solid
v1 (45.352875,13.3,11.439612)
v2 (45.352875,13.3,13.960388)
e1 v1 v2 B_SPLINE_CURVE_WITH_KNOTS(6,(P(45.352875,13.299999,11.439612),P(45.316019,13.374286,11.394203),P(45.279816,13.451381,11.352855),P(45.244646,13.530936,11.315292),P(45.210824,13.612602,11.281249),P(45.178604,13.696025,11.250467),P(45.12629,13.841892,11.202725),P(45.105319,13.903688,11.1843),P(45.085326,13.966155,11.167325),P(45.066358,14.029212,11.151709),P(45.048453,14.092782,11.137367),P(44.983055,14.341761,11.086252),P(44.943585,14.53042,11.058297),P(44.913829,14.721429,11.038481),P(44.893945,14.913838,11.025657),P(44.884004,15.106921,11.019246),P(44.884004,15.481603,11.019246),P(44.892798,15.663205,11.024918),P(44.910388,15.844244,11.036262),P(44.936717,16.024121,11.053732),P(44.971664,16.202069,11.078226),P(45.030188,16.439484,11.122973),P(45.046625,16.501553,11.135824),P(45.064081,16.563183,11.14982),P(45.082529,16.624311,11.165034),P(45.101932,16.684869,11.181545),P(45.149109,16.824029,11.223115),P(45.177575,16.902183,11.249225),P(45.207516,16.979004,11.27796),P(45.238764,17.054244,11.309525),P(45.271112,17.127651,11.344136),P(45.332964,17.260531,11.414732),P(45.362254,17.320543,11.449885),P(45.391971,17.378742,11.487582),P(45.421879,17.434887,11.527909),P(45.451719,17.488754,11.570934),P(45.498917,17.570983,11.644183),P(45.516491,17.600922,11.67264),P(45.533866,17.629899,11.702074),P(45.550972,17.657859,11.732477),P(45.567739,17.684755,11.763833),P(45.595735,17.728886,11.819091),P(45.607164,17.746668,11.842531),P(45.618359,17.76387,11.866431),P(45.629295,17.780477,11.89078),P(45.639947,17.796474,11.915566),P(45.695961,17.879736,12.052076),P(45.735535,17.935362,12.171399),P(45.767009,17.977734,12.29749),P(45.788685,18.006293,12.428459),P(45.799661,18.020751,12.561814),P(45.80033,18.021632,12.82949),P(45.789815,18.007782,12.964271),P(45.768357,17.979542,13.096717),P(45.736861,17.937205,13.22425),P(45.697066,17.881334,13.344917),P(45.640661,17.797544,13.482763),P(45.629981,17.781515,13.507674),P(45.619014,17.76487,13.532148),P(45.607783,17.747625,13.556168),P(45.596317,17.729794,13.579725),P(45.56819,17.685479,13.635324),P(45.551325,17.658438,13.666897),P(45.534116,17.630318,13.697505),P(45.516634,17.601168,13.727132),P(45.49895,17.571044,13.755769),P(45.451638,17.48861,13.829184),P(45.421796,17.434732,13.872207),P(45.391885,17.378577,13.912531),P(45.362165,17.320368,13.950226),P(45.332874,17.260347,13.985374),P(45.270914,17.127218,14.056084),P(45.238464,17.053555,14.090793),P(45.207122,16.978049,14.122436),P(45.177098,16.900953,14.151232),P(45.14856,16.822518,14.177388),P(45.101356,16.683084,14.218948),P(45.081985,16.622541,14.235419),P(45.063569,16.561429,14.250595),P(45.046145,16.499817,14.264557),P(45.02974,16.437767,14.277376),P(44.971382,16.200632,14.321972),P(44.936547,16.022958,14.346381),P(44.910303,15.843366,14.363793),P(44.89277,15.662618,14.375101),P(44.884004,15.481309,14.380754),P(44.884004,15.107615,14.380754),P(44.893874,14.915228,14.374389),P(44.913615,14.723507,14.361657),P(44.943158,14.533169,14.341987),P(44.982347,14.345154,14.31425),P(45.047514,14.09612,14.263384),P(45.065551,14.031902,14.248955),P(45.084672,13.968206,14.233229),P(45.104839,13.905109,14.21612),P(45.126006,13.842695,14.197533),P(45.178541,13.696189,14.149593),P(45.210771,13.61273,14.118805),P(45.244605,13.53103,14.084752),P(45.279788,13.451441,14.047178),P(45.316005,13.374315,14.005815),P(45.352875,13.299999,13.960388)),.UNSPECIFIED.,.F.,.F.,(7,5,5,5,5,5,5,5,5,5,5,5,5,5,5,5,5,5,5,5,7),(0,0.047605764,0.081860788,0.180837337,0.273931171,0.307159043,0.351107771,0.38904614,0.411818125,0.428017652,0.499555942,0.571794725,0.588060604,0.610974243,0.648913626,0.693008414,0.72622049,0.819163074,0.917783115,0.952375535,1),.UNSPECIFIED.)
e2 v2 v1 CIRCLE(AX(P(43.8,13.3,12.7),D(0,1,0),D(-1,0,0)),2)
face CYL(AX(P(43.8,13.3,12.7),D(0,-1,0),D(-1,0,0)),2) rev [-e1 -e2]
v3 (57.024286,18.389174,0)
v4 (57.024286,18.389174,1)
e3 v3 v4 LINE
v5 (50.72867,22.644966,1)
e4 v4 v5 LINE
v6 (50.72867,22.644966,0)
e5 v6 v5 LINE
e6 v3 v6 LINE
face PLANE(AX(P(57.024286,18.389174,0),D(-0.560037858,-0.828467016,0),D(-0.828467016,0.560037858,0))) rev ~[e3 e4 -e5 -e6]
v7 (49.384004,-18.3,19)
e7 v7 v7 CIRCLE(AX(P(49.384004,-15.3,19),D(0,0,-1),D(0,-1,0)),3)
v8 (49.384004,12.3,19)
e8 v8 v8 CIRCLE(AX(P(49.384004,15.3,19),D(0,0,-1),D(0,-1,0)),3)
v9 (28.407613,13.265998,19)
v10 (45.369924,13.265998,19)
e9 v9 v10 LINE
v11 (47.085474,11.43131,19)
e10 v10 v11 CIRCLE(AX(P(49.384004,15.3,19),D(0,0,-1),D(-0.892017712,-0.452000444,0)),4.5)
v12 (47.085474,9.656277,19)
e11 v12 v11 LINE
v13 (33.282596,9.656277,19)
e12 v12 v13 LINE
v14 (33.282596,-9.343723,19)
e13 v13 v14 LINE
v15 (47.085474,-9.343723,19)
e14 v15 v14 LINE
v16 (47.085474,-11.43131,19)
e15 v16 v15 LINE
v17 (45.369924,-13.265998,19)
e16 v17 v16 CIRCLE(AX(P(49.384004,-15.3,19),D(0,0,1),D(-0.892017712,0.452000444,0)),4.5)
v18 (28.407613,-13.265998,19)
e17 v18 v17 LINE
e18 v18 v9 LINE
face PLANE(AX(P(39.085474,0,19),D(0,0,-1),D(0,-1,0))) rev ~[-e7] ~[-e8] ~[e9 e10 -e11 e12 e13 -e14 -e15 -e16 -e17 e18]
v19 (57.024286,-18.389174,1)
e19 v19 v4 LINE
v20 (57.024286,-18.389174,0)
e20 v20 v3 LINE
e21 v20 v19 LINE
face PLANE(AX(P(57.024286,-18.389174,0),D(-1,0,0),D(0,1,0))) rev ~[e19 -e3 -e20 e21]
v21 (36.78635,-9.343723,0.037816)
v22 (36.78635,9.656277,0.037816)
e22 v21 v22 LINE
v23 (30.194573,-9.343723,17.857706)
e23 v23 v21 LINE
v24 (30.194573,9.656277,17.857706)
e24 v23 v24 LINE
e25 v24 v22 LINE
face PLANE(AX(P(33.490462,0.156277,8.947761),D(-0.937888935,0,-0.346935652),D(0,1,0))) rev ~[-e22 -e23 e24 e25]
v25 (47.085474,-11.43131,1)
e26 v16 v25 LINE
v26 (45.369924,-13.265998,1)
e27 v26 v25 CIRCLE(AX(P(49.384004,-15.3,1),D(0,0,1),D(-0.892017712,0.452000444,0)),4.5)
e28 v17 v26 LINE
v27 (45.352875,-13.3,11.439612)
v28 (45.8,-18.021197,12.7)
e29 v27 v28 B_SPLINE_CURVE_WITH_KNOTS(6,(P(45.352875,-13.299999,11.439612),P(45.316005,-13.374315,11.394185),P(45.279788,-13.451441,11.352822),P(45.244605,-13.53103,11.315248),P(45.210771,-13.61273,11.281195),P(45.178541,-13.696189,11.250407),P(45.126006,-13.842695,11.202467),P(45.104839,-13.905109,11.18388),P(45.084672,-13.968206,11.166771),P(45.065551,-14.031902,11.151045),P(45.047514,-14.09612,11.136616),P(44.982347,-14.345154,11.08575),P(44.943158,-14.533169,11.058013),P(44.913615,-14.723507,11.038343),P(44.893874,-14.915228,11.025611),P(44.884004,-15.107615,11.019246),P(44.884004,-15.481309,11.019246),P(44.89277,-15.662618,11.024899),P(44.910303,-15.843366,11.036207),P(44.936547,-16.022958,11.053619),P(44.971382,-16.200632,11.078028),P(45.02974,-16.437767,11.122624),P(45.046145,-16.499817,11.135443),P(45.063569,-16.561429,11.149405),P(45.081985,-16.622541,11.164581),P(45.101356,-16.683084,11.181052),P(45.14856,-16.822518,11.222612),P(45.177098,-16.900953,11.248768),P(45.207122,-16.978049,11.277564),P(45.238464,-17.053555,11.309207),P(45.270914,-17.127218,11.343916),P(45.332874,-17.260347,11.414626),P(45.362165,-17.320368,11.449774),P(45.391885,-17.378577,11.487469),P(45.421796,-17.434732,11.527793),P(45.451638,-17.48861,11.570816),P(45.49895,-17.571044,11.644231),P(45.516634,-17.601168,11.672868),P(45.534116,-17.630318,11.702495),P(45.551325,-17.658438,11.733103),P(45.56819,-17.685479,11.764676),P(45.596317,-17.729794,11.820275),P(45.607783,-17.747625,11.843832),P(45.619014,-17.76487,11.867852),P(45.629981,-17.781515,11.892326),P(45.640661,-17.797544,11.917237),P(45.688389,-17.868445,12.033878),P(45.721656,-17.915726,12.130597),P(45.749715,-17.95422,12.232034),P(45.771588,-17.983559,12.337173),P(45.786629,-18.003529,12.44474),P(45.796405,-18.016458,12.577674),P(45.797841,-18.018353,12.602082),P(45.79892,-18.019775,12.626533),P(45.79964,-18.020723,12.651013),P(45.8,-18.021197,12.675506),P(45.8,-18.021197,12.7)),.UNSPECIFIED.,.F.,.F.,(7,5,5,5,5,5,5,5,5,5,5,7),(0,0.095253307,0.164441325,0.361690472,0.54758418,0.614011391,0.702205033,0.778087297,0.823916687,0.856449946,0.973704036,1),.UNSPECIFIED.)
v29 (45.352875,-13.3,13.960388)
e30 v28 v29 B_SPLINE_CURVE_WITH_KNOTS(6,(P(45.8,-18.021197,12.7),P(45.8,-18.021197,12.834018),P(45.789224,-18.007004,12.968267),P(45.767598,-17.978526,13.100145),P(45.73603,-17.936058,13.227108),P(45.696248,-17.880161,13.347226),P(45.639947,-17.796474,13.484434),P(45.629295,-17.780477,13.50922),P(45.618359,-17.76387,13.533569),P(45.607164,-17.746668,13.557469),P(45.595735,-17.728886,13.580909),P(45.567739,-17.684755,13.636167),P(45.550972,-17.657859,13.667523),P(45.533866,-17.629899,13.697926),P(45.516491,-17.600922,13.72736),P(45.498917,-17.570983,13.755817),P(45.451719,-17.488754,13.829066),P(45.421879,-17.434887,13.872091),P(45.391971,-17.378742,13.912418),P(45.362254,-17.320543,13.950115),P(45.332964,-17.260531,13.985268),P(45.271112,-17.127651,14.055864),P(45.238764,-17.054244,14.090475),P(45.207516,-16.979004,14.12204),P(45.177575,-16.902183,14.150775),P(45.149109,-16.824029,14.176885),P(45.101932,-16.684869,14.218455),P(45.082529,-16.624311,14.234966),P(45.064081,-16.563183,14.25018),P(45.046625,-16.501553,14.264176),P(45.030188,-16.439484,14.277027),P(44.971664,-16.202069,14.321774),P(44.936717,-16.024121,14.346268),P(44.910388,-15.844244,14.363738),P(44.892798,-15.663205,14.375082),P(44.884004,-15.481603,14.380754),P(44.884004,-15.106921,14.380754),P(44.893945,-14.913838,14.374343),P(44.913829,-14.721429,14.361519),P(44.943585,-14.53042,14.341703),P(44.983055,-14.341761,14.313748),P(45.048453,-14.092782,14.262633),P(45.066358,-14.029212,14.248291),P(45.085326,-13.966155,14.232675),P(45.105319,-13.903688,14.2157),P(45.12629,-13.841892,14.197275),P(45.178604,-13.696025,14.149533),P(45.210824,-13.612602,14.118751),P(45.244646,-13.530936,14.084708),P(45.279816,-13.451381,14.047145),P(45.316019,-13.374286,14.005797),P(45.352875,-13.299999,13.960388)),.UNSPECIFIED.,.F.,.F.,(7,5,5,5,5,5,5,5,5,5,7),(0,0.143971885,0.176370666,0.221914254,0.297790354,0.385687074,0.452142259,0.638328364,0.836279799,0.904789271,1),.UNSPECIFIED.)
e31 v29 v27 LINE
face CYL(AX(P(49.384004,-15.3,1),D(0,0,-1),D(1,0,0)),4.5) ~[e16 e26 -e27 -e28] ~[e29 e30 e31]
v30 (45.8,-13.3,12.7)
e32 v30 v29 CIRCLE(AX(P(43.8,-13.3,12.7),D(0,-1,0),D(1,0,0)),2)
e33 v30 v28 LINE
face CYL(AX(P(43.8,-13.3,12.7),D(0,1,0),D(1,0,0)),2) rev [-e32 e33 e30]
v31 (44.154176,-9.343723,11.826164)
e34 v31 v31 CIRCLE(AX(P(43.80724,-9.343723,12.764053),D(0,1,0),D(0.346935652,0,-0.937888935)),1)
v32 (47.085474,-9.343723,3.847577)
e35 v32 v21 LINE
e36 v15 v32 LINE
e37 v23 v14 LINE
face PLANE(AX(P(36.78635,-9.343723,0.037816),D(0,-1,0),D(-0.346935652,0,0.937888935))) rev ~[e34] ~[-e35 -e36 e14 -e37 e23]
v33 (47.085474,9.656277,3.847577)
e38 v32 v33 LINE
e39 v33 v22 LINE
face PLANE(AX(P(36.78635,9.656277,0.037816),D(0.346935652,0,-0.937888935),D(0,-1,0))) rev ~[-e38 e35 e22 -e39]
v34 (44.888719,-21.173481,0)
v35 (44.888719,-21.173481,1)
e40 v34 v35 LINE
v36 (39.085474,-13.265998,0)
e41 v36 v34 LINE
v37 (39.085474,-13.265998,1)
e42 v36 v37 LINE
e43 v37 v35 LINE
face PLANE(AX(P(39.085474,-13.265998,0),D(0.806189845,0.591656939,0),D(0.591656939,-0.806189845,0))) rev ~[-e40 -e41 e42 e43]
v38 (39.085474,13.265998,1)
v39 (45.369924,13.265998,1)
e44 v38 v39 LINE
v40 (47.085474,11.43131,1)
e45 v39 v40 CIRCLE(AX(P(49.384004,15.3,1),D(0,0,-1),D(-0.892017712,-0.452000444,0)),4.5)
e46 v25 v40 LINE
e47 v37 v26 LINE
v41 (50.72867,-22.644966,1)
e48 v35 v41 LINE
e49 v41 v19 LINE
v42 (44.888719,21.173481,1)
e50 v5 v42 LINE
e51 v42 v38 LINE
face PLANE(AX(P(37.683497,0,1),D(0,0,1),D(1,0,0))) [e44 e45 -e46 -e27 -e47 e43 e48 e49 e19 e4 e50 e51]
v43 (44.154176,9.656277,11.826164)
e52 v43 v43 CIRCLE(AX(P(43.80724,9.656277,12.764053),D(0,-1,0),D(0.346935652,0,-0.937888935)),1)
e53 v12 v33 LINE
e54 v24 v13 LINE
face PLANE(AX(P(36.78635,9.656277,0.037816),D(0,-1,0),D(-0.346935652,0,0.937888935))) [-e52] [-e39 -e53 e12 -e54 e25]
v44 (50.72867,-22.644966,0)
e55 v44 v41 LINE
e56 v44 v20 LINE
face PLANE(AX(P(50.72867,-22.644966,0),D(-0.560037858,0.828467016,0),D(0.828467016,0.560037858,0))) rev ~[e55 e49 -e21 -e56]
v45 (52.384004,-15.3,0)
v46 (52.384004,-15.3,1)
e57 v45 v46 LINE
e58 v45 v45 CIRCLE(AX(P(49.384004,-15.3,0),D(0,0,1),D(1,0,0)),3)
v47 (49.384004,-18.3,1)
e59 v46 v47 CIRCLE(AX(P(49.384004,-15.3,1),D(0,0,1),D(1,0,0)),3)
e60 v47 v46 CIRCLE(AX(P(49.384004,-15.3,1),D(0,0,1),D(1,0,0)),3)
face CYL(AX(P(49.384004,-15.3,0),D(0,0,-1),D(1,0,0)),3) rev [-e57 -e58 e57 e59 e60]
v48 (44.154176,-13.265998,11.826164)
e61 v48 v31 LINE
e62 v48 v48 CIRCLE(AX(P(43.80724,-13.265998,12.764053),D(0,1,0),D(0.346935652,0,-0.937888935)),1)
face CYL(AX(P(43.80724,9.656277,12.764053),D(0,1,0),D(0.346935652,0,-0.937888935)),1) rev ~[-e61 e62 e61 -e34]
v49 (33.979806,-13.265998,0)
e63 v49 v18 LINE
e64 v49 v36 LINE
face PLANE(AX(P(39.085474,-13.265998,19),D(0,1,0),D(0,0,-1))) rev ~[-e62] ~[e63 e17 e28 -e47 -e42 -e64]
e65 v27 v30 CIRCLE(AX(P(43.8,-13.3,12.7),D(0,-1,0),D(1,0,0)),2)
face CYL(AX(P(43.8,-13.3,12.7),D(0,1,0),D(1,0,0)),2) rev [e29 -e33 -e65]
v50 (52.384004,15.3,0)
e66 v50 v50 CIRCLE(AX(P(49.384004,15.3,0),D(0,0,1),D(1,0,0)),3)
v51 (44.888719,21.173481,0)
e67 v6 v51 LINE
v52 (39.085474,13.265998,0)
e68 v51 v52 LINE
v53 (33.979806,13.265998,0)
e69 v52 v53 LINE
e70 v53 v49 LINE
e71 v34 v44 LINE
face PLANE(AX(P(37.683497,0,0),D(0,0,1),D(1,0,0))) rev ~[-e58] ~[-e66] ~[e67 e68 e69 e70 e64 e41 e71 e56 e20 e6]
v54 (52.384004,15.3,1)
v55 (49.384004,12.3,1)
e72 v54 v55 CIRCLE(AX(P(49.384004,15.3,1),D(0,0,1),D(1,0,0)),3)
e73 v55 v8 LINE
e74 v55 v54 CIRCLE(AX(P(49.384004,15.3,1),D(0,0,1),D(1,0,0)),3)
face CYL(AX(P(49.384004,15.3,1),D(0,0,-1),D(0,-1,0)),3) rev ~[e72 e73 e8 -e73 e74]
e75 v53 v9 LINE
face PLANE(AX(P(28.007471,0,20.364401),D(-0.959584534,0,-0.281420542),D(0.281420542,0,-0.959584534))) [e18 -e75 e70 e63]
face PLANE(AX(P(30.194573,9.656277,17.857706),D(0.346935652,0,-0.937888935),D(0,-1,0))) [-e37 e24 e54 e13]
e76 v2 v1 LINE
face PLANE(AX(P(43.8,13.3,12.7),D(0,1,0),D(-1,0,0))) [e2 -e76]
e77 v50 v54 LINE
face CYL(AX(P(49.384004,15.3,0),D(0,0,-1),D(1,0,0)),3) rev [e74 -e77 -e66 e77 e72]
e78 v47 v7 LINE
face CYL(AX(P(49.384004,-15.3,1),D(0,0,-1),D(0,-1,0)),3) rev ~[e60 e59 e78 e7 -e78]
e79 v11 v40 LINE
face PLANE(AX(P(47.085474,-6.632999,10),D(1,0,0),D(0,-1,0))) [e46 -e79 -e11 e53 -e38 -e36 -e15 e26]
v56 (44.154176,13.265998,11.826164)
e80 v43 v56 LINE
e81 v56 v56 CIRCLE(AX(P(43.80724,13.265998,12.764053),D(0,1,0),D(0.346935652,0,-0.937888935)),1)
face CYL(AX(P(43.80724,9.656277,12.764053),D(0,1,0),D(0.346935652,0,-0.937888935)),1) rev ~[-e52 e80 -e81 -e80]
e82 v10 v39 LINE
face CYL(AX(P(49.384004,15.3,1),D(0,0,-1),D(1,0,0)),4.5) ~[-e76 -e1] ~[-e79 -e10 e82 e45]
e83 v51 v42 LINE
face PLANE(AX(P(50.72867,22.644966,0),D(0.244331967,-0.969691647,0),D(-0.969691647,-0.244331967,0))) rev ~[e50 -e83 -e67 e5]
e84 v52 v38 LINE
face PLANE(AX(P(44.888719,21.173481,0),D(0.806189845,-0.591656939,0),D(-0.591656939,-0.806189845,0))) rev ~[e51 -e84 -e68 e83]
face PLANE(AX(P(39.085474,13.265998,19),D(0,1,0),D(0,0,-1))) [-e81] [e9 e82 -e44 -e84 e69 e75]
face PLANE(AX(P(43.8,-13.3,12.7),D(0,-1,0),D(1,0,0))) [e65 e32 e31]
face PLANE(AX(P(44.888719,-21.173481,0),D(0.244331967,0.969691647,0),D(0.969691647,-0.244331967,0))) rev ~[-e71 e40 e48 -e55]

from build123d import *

# Parameters (mm, degrees)
CYLINDER001_R           = 2
CYLINDER001_DEPTH       = 10
CYLINDER_R              = 2
CYLINDER_DEPTH          = 10
PAD007_DEPTH            = 17
SKETCH002_W             = 19
SKETCH002_H             = 19
PAD002_DEPTH            = 11
SKETCH003_R             = 1
PAD003_DEPTH            = 27
PAD003_FACE5_W          = 19
PAD003_FACE5_H          = 19
PAD004_DEPTH            = 24
BODY001_PLACEMENT_ANGLE = 159.7
SKETCH_R                = 3
PAD_DEPTH               = 1
SKETCH001_R             = 4.5
PAD001_DEPTH            = 18
PAD001_FACE25_R         = 3
POCKET_DEPTH            = 22
POCKET_FACE26_R         = 3
POCKET001_DEPTH         = 31
POCKET001_FACE18_W      = 13.265998
POCKET001_FACE18_H      = 18
PAD005_DEPTH            = 8
PAD005_FACE17_W         = 13.265998
PAD005_FACE17_H         = 18
PAD006_DEPTH            = 8


with BuildPart() as cylinder001:
    # Cylinder001 → Cylinder001 (new body)
    with BuildSketch(Plane(origin=(43.8, 13.3, 12.7), x_dir=(-1, 0, 0), z_dir=(0, 1, 0))):
        Circle(CYLINDER001_R)
    extrude(amount=CYLINDER001_DEPTH)


with BuildPart() as cylinder:
    # Cylinder → Cylinder (new body)
    with BuildSketch(Plane(origin=(43.8, -13.3, 12.7), x_dir=(1, 0, 0), z_dir=(0, -1, 0))):
        Circle(CYLINDER_R)
    extrude(amount=CYLINDER_DEPTH)


with BuildPart() as body002:
    # Sketch005 → Pad007 (new body, symmetric)
    with BuildSketch(Plane.XZ):
        Polygon((21.007471, 20.364401), (29.359247, -8.113389), (3.411231, -3.850644), (-10.027989, 26.995327), align=None)
    extrude(amount=PAD007_DEPTH, both=True)


with BuildPart() as body002_1:
    # Body002 placement: moved
    add(body002.part.moved(Location((7, 0, 0))))


with BuildPart() as body001:
    # Sketch002 → Pad002 (new body)
    with BuildSketch(Plane.YZ):
        with Locations((0.156277, 39.976883)):
            Rectangle(SKETCH002_W, SKETCH002_H)
    extrude(amount=PAD002_DEPTH)

    # Sketch003 (on Face2 of Pad002) → Pad003 (join, symmetric)
    with BuildSketch(Plane.ZX.offset(9.656277)):
        with Locations((39.976883, 0)):
            Circle(SKETCH003_R)
    extrude(amount=PAD003_DEPTH, both=True)

    # Pad003 Face5 → Pad004 (add)
    with BuildSketch(Plane(origin=(11, 0.156277, 39.976883), x_dir=(0, -1, 0), z_dir=(1, 0, 0))):
        Rectangle(PAD003_FACE5_W, PAD003_FACE5_H)
    extrude(amount=-PAD004_DEPTH)


with BuildPart() as body001_1:
    # Body001 placement: moved
    add(body001.part.moved(Location((29.937834, 0, 50.257929))).rotate(Axis((29.937834, 0, 50.257929), (0, 1, 0)), BODY001_PLACEMENT_ANGLE))


with BuildPart() as cut003:
    # Sketch → Pad (new body)
    with BuildSketch(Plane.XY):
        Polygon((61.12867, 22.644966), (55.288719, 21.173481), (49.485474, 13.265998), (24.71945, 13.265998), (24.71945, 0), (24.71945, -13.265998), (49.485474, -13.265998), (55.288719, -21.173481), (61.12867, -22.644966), (67.424286, -18.389174), (67.424286, 0), (67.424286, 18.389174), align=None)
        with Locations((59.784004, 15.3)):
            Circle(SKETCH_R, mode=Mode.SUBTRACT)
        with Locations((59.784004, -15.3)):
            Circle(SKETCH_R, mode=Mode.SUBTRACT)
    extrude(amount=PAD_DEPTH)

    # Sketch001 (on Face16 of Pad) → Pad001 (join)
    with BuildSketch(Plane.XY.offset(1)):
        with Locations((59.784004, 15.3)):
            Circle(SKETCH001_R)
        with Locations((59.784004, -15.3)):
            Circle(SKETCH001_R)
        Polygon((24.71945, 0), (24.71945, 13.265998), (49.485474, 13.265998), (49.485474, 0), (49.485474, -13.265998), (24.71945, -13.265998), align=None)
    extrude(amount=PAD001_DEPTH)

    # Pad001 Face25 → Pocket (cut)
    with BuildSketch(Plane(origin=(59.784004, -15.3, 1), x_dir=(0, -1, 0), z_dir=(0, 0, -1))):
        Circle(PAD001_FACE25_R)
    extrude(amount=-POCKET_DEPTH, mode=Mode.SUBTRACT)

    # Pocket Face26 → Pocket001 (cut)
    with BuildSketch(Plane(origin=(59.784004, 15.3, 1), x_dir=(0, -1, 0), z_dir=(0, 0, -1))):
        Circle(POCKET_FACE26_R)
    extrude(amount=-POCKET001_DEPTH, mode=Mode.SUBTRACT)

    # Pocket001 Face18 → Pad005 (add)
    with BuildSketch(Plane(origin=(49.485474, 6.632999, 10), x_dir=(0, -1, 0), z_dir=(1, 0, 0))):
        Rectangle(POCKET001_FACE18_W, POCKET001_FACE18_H)
    extrude(amount=PAD005_DEPTH)

    # Pad005 Face17 → Pad006 (add)
    with BuildSketch(Plane(origin=(49.485474, -6.632999, 10), x_dir=(0, -1, 0), z_dir=(1, 0, 0))):
        Rectangle(PAD005_FACE17_W, PAD005_FACE17_H)
    extrude(amount=PAD006_DEPTH)


with BuildPart() as cut003_1:
    # Body placement: moved
    add(cut003.part.moved(Location((-10.4, 0, 0))))

    # Cut: cut Body001
    add(body001_1.part, mode=Mode.SUBTRACT)

    # Cut001: cut Body002
    add(body002_1.part, mode=Mode.SUBTRACT)

    # Cut002: cut Cylinder
    add(cylinder.part, mode=Mode.SUBTRACT)

    # Cut003: cut Cylinder001
    add(cylinder001.part, mode=Mode.SUBTRACT)


solid = cut003_1.part
